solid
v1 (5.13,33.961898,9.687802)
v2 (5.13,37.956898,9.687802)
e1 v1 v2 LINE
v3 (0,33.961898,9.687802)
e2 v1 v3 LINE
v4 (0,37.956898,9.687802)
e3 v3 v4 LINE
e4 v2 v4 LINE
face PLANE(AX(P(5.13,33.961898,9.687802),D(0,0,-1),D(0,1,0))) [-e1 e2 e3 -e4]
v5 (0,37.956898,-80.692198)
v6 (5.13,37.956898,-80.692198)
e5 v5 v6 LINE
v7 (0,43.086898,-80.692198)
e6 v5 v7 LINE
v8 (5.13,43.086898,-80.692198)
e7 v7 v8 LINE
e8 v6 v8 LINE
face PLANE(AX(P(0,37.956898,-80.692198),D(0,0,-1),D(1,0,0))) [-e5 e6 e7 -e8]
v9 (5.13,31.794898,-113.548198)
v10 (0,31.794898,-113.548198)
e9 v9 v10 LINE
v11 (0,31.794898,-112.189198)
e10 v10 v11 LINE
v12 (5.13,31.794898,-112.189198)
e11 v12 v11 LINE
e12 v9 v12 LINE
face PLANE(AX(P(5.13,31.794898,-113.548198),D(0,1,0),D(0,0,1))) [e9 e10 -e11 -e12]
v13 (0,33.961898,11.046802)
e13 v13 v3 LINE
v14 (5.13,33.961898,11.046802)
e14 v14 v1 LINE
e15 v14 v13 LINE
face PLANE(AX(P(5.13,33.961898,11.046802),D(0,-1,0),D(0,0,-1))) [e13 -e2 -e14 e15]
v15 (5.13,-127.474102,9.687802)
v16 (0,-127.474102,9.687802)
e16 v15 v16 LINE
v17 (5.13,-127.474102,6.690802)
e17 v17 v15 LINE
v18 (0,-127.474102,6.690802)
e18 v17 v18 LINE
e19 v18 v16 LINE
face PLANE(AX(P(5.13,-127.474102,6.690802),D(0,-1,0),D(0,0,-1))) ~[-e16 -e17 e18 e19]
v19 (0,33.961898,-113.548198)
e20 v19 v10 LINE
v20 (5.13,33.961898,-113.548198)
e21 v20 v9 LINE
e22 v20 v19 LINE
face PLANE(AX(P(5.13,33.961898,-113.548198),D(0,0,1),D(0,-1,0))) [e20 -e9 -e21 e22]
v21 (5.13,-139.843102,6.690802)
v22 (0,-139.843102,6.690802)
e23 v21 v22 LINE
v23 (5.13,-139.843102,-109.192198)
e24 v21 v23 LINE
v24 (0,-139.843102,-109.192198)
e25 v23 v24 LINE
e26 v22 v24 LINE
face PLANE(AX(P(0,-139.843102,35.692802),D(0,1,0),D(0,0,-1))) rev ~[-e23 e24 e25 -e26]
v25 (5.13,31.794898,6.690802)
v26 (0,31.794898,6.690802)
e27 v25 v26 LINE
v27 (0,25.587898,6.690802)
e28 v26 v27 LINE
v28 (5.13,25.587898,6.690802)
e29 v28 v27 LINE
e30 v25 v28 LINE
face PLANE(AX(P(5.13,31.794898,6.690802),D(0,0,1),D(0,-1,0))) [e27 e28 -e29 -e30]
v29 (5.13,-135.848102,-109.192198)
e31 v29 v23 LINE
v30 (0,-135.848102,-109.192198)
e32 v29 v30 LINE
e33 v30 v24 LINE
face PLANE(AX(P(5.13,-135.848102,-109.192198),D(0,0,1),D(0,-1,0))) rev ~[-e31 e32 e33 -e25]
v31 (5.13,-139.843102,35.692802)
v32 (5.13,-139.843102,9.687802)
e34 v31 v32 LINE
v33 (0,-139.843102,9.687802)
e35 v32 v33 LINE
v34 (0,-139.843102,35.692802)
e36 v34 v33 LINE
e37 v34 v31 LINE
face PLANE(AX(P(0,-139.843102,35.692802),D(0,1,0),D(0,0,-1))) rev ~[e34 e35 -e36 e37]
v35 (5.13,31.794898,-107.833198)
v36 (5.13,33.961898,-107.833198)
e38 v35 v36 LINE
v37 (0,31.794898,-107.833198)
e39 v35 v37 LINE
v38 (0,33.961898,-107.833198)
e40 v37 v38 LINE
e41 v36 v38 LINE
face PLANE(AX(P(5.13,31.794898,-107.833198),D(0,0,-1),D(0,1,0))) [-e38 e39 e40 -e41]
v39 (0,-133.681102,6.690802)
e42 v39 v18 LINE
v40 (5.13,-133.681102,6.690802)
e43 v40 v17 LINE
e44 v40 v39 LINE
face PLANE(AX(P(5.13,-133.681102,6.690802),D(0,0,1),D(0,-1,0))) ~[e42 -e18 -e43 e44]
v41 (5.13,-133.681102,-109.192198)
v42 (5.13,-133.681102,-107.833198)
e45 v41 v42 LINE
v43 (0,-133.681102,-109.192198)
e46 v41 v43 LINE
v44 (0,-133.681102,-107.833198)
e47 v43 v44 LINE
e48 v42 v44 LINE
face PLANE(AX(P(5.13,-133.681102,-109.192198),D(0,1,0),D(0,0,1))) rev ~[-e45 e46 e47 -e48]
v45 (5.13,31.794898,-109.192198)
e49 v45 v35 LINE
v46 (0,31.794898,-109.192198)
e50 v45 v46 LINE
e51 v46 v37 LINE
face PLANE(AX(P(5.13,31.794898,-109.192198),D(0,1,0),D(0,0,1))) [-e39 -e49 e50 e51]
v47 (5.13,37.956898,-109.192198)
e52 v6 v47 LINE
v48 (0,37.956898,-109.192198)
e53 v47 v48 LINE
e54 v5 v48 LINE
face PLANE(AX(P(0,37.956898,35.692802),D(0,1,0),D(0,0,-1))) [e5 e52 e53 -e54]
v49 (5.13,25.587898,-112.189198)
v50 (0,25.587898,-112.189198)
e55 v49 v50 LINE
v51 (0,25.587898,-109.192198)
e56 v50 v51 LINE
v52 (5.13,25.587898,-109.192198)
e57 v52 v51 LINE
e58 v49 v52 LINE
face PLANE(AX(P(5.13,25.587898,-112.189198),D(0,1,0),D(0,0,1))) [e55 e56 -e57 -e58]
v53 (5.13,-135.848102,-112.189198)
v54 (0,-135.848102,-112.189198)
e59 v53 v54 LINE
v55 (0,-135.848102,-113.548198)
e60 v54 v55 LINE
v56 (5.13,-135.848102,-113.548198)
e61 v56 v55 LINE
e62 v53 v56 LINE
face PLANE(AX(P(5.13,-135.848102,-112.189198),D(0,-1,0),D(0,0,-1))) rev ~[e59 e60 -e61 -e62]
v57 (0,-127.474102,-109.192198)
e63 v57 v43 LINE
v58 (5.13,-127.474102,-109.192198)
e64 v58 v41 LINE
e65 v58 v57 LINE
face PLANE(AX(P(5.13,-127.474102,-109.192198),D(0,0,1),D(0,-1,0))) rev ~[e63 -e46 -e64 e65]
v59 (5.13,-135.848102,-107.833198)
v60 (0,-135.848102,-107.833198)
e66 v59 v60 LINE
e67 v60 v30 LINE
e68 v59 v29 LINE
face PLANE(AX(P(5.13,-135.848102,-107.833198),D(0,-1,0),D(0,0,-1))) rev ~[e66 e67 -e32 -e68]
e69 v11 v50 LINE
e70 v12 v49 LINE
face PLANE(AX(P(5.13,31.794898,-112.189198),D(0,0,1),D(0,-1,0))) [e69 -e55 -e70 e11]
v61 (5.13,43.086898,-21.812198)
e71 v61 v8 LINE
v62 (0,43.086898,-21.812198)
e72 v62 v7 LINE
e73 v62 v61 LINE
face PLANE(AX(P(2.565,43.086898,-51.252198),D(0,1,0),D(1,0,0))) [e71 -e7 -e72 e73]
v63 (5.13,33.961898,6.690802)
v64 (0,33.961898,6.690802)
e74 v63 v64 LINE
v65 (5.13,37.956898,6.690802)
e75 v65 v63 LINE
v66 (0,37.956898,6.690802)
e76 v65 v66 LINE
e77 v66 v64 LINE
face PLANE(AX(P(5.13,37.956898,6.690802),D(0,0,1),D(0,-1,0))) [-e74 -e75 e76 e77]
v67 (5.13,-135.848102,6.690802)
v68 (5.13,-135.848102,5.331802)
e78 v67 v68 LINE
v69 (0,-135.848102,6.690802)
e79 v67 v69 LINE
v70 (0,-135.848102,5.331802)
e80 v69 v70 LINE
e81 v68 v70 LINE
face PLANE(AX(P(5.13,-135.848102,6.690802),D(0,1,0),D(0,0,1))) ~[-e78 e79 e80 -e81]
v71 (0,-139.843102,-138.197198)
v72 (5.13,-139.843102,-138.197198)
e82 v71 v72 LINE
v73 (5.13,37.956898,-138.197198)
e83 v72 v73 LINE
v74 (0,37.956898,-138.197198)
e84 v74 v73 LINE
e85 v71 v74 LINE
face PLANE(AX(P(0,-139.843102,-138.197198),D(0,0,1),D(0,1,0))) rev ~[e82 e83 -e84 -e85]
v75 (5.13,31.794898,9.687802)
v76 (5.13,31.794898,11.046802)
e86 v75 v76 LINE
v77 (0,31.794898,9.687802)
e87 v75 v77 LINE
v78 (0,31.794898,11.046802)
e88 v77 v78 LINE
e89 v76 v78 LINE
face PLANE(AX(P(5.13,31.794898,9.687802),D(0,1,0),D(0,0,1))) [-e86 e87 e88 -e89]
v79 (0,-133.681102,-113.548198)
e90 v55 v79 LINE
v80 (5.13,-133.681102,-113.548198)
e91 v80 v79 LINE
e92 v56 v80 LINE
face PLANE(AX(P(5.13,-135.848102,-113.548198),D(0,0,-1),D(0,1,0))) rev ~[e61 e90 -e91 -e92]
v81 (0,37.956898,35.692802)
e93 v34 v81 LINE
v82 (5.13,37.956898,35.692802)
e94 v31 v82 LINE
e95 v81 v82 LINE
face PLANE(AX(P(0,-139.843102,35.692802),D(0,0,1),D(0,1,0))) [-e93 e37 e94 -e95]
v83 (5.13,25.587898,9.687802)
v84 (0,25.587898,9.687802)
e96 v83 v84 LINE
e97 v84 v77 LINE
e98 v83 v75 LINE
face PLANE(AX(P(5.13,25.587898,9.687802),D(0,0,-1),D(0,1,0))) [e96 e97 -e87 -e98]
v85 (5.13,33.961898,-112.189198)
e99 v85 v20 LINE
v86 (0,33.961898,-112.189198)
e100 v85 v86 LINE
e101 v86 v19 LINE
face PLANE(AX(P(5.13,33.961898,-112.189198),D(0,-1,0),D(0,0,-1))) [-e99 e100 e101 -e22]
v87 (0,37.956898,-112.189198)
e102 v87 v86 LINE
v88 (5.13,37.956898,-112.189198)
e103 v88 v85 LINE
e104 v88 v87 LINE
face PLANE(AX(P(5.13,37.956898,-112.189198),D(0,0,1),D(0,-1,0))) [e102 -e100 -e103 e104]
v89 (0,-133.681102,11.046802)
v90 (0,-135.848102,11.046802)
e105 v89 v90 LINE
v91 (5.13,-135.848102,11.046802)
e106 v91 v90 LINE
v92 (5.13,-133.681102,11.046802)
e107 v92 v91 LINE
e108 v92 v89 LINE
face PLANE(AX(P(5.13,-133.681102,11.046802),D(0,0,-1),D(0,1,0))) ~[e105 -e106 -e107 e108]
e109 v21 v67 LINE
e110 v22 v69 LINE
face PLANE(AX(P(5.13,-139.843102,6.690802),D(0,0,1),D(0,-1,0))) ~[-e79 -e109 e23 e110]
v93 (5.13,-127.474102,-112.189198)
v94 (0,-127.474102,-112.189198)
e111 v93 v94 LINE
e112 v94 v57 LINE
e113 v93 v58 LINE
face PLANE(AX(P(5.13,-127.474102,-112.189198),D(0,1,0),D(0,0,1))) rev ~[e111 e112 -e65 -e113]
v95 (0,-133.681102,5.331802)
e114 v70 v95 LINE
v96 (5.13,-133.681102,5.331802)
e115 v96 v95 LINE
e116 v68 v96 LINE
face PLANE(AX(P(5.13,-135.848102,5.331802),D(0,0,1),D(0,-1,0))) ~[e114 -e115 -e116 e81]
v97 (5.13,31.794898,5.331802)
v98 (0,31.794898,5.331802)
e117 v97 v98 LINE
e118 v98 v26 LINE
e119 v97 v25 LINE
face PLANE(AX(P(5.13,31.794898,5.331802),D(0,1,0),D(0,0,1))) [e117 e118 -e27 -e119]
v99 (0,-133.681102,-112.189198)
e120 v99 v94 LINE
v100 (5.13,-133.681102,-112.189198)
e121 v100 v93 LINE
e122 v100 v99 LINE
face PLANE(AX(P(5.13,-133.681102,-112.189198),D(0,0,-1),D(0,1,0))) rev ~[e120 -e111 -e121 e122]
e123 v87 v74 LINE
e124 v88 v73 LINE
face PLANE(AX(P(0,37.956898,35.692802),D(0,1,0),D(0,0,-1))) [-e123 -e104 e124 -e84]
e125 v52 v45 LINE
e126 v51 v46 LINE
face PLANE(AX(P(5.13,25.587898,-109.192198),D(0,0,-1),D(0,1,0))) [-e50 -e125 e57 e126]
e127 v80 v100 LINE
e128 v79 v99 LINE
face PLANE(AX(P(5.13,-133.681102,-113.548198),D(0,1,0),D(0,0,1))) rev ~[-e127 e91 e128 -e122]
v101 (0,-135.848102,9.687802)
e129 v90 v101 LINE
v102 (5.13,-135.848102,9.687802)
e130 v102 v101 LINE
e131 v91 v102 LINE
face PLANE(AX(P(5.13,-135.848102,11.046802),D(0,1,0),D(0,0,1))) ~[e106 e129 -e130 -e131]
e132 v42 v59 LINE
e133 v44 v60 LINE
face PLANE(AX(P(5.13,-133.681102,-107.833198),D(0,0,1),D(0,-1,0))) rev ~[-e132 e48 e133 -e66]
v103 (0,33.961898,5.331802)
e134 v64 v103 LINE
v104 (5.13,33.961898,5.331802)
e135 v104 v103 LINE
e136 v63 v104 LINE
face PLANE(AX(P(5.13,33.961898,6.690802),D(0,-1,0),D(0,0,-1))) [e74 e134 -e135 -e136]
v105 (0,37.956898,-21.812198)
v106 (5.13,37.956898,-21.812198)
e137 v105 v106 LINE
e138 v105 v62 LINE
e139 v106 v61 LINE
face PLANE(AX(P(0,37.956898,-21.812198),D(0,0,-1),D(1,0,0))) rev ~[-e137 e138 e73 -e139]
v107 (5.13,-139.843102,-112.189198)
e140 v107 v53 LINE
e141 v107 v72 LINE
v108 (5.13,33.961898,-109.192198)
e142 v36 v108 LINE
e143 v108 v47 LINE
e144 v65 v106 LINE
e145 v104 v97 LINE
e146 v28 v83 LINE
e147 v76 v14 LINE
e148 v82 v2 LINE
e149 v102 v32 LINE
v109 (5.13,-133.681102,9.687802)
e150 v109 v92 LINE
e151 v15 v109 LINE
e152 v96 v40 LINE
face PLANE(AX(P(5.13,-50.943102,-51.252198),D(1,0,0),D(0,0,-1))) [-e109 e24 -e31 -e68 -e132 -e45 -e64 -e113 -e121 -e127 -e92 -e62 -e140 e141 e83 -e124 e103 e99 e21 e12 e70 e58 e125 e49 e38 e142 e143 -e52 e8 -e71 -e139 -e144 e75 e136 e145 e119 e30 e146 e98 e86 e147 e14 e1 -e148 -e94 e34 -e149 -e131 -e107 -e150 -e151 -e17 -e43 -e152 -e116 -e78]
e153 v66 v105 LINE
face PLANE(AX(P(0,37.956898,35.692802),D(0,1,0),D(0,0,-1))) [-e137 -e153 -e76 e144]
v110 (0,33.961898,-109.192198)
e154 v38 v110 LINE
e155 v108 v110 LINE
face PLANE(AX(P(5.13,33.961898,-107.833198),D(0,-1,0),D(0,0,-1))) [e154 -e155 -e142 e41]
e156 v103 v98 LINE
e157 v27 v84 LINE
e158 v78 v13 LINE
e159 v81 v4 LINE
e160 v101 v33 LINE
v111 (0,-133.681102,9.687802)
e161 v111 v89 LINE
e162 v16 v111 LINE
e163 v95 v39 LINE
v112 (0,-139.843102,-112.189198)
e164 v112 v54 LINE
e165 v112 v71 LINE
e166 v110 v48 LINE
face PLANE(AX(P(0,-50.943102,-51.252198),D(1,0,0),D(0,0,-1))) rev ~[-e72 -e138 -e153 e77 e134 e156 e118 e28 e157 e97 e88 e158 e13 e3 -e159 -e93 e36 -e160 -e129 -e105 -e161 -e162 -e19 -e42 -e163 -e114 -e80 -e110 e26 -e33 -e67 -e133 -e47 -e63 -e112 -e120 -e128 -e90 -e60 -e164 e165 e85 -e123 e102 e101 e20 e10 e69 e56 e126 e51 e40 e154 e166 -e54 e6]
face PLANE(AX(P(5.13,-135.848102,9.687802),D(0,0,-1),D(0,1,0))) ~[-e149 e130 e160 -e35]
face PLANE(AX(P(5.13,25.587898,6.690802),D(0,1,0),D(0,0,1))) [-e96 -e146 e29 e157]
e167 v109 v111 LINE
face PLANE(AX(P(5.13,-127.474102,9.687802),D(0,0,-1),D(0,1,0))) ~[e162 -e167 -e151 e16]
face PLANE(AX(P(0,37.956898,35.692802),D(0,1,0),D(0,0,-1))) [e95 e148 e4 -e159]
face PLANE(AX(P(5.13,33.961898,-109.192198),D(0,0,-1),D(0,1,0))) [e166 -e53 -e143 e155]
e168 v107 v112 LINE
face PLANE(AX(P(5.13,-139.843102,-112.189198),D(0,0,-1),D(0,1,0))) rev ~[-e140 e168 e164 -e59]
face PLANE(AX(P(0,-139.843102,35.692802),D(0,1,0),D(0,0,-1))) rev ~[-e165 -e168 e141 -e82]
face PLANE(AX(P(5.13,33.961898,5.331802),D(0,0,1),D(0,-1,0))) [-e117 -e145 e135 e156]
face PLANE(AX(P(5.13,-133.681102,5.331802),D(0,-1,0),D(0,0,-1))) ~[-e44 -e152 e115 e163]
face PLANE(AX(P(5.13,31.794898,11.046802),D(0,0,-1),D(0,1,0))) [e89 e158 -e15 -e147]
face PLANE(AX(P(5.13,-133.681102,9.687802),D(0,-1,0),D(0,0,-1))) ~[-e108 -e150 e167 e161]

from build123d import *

# Parameters (mm, degrees)
SKETCH1_W            = 173.89
SKETCH1_H            = 177.8
MAIN_DEPTH           = 5.13
T_SLOT_DEPTH         = 5.13
LPATTERN2_COUNT      = 2
LPATTERN2_PITCH      = 118.88
MIRROR1_COPY_1_DEPTH = 5.13
SKETCH6_W            = 5.13
SKETCH6_H            = 58.88
TOOTH_DEPTH          = 5.13


with BuildPart() as part:
    # Sketch1 → Main (new body)
    with BuildSketch(Plane(origin=(0, 0, 0), x_dir=(0, 0, -1), z_dir=(1, 0, 0))):
        with Locations((51.252197546, -50.943101868)):
            Rectangle(SKETCH1_W, SKETCH1_H)
    extrude(amount=MAIN_DEPTH)

    # Sketch2 → t-slot (cut)
    with BuildSketch(Plane(origin=(5.13, 0, 0), x_dir=(0, 0, -1), z_dir=(1, 0, 0))):
        Polygon((-9.687802454, 37.956898132), (-6.690802454, 37.956898132), (-6.690802454, 33.961898132), (-5.331802454, 33.961898132), (-5.331802454, 31.794898132), (-6.690802454, 31.794898132), (-6.690802454, 25.587898132), (-9.687802454, 25.587898132), (-9.687802454, 31.794898132), (-11.046802454, 31.794898132), (-11.046802454, 33.961898132), (-9.687802454, 33.961898132), align=None)
    t_slot = extrude(amount=-T_SLOT_DEPTH, mode=Mode.SUBTRACT)

    # LPattern2: t-slot ×2
    with Locations(*[(0, 0, -i * LPATTERN2_PITCH) for i in range(1, LPATTERN2_COUNT)]):
        add(t_slot, mode=Mode.SUBTRACT)

    # Mirror1: t-slot across plane
    add(t_slot.mirror(Plane(origin=(0, -50.943101868, 0), x_dir=(0, 0, 1), z_dir=(0, -1, 0))), mode=Mode.SUBTRACT)

    # Mirror1 copy 1 sketch → Mirror1 copy 1 (cut)
    with BuildSketch(Plane(origin=(5.13, -101.886203737, -118.88), x_dir=(0, 0, -1), z_dir=(1, 0, 0))):
        Polygon((-9.687802454, -37.956898132), (-6.690802454, -37.956898132), (-6.690802454, -33.961898132), (-5.331802454, -33.961898132), (-5.331802454, -31.794898132), (-6.690802454, -31.794898132), (-6.690802454, -25.587898132), (-9.687802454, -25.587898132), (-9.687802454, -31.794898132), (-11.046802454, -31.794898132), (-11.046802454, -33.961898132), (-9.687802454, -33.961898132), align=None)
    extrude(amount=-MIRROR1_COPY_1_DEPTH, mode=Mode.SUBTRACT)

    # Sketch6 → Tooth (add)
    with BuildSketch(Plane(origin=(0, 37.956898132, 0), x_dir=(1, 0, 0), z_dir=(0, 1, 0))):
        with Locations((2.565, 51.252197546)):
            Rectangle(SKETCH6_W, SKETCH6_H)
    extrude(amount=TOOTH_DEPTH)


solid = part.part
